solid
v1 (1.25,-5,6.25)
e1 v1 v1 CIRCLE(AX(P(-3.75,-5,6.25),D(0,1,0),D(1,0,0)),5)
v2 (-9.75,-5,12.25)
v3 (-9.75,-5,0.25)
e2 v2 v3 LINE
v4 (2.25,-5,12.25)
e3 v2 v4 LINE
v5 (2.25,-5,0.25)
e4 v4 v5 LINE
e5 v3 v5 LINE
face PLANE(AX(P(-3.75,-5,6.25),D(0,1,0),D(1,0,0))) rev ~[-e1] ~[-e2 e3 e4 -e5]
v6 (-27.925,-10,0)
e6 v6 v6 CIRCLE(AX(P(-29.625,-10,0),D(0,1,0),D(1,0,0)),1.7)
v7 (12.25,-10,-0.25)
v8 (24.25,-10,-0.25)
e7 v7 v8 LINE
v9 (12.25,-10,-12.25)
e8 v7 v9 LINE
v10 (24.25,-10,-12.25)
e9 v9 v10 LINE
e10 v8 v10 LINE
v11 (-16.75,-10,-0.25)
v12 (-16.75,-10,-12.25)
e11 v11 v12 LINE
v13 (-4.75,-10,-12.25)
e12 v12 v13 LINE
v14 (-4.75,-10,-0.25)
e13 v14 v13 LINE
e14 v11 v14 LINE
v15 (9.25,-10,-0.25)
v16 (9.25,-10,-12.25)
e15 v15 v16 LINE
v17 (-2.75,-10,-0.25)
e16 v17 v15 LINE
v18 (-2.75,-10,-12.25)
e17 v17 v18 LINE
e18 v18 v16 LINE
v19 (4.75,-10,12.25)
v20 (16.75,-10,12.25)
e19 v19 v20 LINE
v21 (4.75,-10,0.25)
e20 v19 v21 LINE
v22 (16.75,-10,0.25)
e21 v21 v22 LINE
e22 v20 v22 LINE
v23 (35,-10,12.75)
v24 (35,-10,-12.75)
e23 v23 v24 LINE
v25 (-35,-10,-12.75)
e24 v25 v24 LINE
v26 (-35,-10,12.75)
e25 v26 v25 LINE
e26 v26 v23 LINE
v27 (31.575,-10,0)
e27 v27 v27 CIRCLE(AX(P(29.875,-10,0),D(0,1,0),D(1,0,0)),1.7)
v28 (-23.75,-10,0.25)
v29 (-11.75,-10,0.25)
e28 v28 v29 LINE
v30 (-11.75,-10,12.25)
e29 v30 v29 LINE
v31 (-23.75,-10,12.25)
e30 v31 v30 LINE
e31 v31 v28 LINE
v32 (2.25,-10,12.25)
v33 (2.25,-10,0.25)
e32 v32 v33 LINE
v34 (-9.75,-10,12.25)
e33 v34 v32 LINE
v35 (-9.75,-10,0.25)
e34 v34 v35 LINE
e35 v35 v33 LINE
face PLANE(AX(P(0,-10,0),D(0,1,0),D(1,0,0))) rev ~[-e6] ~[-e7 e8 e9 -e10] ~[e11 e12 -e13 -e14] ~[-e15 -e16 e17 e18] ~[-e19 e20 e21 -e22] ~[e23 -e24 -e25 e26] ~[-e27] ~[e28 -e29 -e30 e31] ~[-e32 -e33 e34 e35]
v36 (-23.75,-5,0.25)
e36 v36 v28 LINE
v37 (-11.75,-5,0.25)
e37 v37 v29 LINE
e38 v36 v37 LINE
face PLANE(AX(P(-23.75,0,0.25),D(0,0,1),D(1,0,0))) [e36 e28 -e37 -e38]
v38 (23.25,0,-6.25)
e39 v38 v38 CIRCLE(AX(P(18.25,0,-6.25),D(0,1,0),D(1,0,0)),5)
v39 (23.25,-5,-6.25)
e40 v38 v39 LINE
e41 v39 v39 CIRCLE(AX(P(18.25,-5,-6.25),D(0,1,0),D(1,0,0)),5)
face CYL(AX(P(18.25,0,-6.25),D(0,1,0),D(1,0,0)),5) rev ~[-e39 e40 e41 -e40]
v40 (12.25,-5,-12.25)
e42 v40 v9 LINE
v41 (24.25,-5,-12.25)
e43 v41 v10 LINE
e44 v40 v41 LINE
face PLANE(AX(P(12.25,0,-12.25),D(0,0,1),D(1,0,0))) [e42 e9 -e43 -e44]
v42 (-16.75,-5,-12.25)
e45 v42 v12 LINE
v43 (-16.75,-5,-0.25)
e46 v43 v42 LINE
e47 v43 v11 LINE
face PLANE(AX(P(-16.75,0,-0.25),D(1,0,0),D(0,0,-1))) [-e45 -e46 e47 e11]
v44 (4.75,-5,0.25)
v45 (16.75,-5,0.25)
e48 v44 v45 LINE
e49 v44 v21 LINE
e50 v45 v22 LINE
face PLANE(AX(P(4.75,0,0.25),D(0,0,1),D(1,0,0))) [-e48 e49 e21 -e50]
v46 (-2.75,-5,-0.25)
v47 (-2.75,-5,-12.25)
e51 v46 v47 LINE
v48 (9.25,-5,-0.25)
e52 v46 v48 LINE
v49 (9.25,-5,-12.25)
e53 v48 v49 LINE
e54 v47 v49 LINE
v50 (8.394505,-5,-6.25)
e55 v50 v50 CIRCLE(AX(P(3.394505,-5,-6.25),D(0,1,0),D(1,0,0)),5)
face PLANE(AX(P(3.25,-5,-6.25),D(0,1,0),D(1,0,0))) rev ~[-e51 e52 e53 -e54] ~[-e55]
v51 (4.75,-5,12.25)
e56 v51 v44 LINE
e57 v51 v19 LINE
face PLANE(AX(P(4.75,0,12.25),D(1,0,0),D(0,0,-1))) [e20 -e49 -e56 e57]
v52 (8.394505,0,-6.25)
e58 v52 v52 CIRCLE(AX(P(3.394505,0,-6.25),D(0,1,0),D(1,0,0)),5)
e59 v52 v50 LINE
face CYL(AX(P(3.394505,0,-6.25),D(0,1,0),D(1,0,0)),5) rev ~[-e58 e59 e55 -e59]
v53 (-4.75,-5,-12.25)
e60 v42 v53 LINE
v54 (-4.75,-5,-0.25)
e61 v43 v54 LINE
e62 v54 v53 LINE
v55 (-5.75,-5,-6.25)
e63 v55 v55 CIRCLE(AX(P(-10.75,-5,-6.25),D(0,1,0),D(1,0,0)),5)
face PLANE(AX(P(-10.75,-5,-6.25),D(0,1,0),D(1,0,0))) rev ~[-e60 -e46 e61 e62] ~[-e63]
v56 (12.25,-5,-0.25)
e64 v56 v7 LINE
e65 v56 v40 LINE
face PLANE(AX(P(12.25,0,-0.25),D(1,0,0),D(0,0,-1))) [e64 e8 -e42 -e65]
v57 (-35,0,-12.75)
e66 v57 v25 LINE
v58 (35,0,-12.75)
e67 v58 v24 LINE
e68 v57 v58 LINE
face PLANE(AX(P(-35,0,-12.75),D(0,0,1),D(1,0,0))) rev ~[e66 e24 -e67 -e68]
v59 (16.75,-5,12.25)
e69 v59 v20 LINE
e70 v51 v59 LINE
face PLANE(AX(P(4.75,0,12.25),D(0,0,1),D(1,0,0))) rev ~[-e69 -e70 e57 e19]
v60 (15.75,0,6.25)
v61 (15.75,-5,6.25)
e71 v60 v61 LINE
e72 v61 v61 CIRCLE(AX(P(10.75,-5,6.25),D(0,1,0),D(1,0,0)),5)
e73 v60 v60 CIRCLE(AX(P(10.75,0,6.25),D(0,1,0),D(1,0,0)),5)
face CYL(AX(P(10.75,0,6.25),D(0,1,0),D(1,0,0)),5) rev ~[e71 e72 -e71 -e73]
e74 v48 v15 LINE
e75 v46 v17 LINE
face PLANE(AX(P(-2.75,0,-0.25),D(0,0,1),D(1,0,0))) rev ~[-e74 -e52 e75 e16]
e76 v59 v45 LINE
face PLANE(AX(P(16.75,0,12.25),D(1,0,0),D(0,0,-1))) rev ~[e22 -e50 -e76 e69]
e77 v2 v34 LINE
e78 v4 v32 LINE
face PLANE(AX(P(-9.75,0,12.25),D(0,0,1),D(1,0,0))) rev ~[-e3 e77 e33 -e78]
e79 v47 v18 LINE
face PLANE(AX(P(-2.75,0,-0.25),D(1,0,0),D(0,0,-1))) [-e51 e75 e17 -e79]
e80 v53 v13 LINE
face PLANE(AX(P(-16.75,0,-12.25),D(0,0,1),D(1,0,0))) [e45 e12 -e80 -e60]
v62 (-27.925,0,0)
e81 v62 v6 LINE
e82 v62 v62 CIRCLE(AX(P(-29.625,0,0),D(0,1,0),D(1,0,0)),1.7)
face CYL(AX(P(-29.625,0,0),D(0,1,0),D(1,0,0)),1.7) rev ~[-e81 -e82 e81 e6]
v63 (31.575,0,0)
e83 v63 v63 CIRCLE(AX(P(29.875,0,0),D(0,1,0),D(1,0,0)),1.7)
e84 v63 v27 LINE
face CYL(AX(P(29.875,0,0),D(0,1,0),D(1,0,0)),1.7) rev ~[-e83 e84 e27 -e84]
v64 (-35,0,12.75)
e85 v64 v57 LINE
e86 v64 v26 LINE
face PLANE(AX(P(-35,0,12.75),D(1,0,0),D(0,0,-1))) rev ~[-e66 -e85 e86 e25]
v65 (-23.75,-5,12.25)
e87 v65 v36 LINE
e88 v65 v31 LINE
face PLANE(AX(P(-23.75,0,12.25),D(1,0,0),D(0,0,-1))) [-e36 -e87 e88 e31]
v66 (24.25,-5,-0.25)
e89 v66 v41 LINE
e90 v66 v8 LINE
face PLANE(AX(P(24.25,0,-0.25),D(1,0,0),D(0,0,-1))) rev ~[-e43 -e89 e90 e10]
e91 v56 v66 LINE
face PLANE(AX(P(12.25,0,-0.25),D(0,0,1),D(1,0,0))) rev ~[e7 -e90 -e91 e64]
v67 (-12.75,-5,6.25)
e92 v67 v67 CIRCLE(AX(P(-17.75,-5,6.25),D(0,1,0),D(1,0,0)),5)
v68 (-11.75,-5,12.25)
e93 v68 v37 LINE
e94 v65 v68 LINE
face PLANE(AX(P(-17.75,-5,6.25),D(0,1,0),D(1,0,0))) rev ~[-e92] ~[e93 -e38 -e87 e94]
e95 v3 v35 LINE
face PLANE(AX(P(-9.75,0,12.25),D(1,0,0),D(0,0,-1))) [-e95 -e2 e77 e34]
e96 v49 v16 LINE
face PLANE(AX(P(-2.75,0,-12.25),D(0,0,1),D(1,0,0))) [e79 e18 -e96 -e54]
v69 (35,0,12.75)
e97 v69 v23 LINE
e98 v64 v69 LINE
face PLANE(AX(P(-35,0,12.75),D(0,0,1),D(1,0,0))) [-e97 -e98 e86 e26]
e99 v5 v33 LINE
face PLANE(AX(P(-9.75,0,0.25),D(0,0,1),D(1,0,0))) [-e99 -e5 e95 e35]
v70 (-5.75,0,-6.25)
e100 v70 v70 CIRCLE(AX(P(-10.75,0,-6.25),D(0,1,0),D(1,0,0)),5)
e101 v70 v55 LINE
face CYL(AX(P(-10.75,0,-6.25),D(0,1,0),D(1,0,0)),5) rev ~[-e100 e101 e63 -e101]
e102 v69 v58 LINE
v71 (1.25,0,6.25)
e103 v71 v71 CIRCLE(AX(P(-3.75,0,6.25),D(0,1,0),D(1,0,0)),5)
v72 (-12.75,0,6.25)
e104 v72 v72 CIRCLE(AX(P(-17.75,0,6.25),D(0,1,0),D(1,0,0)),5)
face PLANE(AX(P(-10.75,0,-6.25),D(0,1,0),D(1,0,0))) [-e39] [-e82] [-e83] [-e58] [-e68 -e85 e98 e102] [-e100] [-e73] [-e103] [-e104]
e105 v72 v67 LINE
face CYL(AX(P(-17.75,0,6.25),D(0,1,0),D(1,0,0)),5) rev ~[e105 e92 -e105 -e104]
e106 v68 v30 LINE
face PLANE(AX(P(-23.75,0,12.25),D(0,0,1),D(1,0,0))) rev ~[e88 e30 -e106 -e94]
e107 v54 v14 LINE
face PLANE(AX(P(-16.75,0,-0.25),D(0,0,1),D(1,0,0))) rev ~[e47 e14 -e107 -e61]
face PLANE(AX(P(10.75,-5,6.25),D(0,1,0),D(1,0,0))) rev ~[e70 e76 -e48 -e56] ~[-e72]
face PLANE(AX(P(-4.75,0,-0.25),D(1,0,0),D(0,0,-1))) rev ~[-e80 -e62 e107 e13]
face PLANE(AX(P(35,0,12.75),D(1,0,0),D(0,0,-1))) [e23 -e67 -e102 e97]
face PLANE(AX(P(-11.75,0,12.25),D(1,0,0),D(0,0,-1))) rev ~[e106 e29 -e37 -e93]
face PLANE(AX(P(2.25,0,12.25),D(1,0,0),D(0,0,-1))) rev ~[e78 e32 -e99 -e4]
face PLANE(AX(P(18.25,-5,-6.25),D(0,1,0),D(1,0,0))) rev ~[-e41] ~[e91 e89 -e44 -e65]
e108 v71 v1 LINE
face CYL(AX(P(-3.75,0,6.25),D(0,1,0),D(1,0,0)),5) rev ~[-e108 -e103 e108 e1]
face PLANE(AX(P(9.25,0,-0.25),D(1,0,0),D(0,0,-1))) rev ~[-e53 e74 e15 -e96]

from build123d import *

# Parameters (mm, degrees)
SKETCH1_W           = 70
SKETCH1_H           = 25.5
SKETCH1_W_2         = 12
SKETCH1_H_2         = 12
SKETCH1_R           = 1.7
BOSS_EXTRUDE1_DEPTH = 10
SKETCH1_3_W         = 12
SKETCH1_3_H         = 12
SKETCH1_3_R         = 5
BOSS_EXTRUDE2_DEPTH = 5


with BuildPart() as part:
    # Sketch1 → Boss-Extrude1 (new body)
    with BuildSketch(Plane(origin=(0, 0, 0), x_dir=(1, 0, 0), z_dir=(0, 1, 0))):
        Rectangle(SKETCH1_W, SKETCH1_H)
        with Locations((-17.75, -6.25)):
            Rectangle(SKETCH1_W_2, SKETCH1_H_2, mode=Mode.SUBTRACT)
        with Locations((-29.625, 0)):
            Circle(SKETCH1_R, mode=Mode.SUBTRACT)
        with Locations((-3.75, -6.25)):
            Rectangle(SKETCH1_W_2, SKETCH1_H_2, mode=Mode.SUBTRACT)
        with Locations((10.75, -6.25)):
            Rectangle(SKETCH1_W_2, SKETCH1_H_2, mode=Mode.SUBTRACT)
        with Locations((29.875, 0)):
            Circle(SKETCH1_R, mode=Mode.SUBTRACT)
        with Locations((-10.75, 6.25)):
            Rectangle(SKETCH1_W_2, SKETCH1_H_2, mode=Mode.SUBTRACT)
        with Locations((3.25, 6.25)):
            Rectangle(SKETCH1_W_2, SKETCH1_H_2, mode=Mode.SUBTRACT)
        with Locations((18.25, 6.25)):
            Rectangle(SKETCH1_W_2, SKETCH1_H_2, mode=Mode.SUBTRACT)
    extrude(amount=-BOSS_EXTRUDE1_DEPTH)

    # Sketch1<3> → Boss-Extrude2 (add)
    # profile 1 of 6: a face of its own
    with BuildSketch(Plane(origin=(0, 0, 0), x_dir=(1, 0, 0), z_dir=(0, 1, 0))):
        with Locations((-17.75, -6.25)):
            Rectangle(SKETCH1_3_W, SKETCH1_3_H)
        with Locations((-17.75, -6.25)):
            Circle(SKETCH1_3_R, mode=Mode.SUBTRACT)
    # profile 2 of 6: a face of its own
    with BuildSketch(Plane(origin=(0, 0, 0), x_dir=(1, 0, 0), z_dir=(0, 1, 0))):
        with Locations((-3.75, -6.25)):
            Rectangle(SKETCH1_3_W, SKETCH1_3_H)
        with Locations((-3.75, -6.25)):
            Circle(SKETCH1_3_R, mode=Mode.SUBTRACT)
    # profile 3 of 6: a face of its own
    with BuildSketch(Plane(origin=(0, 0, 0), x_dir=(1, 0, 0), z_dir=(0, 1, 0))):
        with Locations((10.75, -6.25)):
            Rectangle(SKETCH1_3_W, SKETCH1_3_H)
        with Locations((10.75, -6.25)):
            Circle(SKETCH1_3_R, mode=Mode.SUBTRACT)
    # profile 4 of 6: a face of its own
    with BuildSketch(Plane(origin=(0, 0, 0), x_dir=(1, 0, 0), z_dir=(0, 1, 0))):
        with Locations((18.25, 6.25)):
            Rectangle(SKETCH1_3_W, SKETCH1_3_H)
        with Locations((18.25, 6.25)):
            Circle(SKETCH1_3_R, mode=Mode.SUBTRACT)
    # profile 5 of 6: a face of its own
    with BuildSketch(Plane(origin=(0, 0, 0), x_dir=(1, 0, 0), z_dir=(0, 1, 0))):
        with Locations((3.25, 6.25)):
            Rectangle(SKETCH1_3_W, SKETCH1_3_H)
        with Locations((3.394505145, 6.25)):
            Circle(SKETCH1_3_R, mode=Mode.SUBTRACT)
    # profile 6 of 6: a face of its own
    with BuildSketch(Plane(origin=(0, 0, 0), x_dir=(1, 0, 0), z_dir=(0, 1, 0))):
        with Locations((-10.75, 6.25)):
            Rectangle(SKETCH1_3_W, SKETCH1_3_H)
        with Locations((-10.75, 6.25)):
            Circle(SKETCH1_3_R, mode=Mode.SUBTRACT)
    extrude(amount=-BOSS_EXTRUDE2_DEPTH)


solid = part.part
